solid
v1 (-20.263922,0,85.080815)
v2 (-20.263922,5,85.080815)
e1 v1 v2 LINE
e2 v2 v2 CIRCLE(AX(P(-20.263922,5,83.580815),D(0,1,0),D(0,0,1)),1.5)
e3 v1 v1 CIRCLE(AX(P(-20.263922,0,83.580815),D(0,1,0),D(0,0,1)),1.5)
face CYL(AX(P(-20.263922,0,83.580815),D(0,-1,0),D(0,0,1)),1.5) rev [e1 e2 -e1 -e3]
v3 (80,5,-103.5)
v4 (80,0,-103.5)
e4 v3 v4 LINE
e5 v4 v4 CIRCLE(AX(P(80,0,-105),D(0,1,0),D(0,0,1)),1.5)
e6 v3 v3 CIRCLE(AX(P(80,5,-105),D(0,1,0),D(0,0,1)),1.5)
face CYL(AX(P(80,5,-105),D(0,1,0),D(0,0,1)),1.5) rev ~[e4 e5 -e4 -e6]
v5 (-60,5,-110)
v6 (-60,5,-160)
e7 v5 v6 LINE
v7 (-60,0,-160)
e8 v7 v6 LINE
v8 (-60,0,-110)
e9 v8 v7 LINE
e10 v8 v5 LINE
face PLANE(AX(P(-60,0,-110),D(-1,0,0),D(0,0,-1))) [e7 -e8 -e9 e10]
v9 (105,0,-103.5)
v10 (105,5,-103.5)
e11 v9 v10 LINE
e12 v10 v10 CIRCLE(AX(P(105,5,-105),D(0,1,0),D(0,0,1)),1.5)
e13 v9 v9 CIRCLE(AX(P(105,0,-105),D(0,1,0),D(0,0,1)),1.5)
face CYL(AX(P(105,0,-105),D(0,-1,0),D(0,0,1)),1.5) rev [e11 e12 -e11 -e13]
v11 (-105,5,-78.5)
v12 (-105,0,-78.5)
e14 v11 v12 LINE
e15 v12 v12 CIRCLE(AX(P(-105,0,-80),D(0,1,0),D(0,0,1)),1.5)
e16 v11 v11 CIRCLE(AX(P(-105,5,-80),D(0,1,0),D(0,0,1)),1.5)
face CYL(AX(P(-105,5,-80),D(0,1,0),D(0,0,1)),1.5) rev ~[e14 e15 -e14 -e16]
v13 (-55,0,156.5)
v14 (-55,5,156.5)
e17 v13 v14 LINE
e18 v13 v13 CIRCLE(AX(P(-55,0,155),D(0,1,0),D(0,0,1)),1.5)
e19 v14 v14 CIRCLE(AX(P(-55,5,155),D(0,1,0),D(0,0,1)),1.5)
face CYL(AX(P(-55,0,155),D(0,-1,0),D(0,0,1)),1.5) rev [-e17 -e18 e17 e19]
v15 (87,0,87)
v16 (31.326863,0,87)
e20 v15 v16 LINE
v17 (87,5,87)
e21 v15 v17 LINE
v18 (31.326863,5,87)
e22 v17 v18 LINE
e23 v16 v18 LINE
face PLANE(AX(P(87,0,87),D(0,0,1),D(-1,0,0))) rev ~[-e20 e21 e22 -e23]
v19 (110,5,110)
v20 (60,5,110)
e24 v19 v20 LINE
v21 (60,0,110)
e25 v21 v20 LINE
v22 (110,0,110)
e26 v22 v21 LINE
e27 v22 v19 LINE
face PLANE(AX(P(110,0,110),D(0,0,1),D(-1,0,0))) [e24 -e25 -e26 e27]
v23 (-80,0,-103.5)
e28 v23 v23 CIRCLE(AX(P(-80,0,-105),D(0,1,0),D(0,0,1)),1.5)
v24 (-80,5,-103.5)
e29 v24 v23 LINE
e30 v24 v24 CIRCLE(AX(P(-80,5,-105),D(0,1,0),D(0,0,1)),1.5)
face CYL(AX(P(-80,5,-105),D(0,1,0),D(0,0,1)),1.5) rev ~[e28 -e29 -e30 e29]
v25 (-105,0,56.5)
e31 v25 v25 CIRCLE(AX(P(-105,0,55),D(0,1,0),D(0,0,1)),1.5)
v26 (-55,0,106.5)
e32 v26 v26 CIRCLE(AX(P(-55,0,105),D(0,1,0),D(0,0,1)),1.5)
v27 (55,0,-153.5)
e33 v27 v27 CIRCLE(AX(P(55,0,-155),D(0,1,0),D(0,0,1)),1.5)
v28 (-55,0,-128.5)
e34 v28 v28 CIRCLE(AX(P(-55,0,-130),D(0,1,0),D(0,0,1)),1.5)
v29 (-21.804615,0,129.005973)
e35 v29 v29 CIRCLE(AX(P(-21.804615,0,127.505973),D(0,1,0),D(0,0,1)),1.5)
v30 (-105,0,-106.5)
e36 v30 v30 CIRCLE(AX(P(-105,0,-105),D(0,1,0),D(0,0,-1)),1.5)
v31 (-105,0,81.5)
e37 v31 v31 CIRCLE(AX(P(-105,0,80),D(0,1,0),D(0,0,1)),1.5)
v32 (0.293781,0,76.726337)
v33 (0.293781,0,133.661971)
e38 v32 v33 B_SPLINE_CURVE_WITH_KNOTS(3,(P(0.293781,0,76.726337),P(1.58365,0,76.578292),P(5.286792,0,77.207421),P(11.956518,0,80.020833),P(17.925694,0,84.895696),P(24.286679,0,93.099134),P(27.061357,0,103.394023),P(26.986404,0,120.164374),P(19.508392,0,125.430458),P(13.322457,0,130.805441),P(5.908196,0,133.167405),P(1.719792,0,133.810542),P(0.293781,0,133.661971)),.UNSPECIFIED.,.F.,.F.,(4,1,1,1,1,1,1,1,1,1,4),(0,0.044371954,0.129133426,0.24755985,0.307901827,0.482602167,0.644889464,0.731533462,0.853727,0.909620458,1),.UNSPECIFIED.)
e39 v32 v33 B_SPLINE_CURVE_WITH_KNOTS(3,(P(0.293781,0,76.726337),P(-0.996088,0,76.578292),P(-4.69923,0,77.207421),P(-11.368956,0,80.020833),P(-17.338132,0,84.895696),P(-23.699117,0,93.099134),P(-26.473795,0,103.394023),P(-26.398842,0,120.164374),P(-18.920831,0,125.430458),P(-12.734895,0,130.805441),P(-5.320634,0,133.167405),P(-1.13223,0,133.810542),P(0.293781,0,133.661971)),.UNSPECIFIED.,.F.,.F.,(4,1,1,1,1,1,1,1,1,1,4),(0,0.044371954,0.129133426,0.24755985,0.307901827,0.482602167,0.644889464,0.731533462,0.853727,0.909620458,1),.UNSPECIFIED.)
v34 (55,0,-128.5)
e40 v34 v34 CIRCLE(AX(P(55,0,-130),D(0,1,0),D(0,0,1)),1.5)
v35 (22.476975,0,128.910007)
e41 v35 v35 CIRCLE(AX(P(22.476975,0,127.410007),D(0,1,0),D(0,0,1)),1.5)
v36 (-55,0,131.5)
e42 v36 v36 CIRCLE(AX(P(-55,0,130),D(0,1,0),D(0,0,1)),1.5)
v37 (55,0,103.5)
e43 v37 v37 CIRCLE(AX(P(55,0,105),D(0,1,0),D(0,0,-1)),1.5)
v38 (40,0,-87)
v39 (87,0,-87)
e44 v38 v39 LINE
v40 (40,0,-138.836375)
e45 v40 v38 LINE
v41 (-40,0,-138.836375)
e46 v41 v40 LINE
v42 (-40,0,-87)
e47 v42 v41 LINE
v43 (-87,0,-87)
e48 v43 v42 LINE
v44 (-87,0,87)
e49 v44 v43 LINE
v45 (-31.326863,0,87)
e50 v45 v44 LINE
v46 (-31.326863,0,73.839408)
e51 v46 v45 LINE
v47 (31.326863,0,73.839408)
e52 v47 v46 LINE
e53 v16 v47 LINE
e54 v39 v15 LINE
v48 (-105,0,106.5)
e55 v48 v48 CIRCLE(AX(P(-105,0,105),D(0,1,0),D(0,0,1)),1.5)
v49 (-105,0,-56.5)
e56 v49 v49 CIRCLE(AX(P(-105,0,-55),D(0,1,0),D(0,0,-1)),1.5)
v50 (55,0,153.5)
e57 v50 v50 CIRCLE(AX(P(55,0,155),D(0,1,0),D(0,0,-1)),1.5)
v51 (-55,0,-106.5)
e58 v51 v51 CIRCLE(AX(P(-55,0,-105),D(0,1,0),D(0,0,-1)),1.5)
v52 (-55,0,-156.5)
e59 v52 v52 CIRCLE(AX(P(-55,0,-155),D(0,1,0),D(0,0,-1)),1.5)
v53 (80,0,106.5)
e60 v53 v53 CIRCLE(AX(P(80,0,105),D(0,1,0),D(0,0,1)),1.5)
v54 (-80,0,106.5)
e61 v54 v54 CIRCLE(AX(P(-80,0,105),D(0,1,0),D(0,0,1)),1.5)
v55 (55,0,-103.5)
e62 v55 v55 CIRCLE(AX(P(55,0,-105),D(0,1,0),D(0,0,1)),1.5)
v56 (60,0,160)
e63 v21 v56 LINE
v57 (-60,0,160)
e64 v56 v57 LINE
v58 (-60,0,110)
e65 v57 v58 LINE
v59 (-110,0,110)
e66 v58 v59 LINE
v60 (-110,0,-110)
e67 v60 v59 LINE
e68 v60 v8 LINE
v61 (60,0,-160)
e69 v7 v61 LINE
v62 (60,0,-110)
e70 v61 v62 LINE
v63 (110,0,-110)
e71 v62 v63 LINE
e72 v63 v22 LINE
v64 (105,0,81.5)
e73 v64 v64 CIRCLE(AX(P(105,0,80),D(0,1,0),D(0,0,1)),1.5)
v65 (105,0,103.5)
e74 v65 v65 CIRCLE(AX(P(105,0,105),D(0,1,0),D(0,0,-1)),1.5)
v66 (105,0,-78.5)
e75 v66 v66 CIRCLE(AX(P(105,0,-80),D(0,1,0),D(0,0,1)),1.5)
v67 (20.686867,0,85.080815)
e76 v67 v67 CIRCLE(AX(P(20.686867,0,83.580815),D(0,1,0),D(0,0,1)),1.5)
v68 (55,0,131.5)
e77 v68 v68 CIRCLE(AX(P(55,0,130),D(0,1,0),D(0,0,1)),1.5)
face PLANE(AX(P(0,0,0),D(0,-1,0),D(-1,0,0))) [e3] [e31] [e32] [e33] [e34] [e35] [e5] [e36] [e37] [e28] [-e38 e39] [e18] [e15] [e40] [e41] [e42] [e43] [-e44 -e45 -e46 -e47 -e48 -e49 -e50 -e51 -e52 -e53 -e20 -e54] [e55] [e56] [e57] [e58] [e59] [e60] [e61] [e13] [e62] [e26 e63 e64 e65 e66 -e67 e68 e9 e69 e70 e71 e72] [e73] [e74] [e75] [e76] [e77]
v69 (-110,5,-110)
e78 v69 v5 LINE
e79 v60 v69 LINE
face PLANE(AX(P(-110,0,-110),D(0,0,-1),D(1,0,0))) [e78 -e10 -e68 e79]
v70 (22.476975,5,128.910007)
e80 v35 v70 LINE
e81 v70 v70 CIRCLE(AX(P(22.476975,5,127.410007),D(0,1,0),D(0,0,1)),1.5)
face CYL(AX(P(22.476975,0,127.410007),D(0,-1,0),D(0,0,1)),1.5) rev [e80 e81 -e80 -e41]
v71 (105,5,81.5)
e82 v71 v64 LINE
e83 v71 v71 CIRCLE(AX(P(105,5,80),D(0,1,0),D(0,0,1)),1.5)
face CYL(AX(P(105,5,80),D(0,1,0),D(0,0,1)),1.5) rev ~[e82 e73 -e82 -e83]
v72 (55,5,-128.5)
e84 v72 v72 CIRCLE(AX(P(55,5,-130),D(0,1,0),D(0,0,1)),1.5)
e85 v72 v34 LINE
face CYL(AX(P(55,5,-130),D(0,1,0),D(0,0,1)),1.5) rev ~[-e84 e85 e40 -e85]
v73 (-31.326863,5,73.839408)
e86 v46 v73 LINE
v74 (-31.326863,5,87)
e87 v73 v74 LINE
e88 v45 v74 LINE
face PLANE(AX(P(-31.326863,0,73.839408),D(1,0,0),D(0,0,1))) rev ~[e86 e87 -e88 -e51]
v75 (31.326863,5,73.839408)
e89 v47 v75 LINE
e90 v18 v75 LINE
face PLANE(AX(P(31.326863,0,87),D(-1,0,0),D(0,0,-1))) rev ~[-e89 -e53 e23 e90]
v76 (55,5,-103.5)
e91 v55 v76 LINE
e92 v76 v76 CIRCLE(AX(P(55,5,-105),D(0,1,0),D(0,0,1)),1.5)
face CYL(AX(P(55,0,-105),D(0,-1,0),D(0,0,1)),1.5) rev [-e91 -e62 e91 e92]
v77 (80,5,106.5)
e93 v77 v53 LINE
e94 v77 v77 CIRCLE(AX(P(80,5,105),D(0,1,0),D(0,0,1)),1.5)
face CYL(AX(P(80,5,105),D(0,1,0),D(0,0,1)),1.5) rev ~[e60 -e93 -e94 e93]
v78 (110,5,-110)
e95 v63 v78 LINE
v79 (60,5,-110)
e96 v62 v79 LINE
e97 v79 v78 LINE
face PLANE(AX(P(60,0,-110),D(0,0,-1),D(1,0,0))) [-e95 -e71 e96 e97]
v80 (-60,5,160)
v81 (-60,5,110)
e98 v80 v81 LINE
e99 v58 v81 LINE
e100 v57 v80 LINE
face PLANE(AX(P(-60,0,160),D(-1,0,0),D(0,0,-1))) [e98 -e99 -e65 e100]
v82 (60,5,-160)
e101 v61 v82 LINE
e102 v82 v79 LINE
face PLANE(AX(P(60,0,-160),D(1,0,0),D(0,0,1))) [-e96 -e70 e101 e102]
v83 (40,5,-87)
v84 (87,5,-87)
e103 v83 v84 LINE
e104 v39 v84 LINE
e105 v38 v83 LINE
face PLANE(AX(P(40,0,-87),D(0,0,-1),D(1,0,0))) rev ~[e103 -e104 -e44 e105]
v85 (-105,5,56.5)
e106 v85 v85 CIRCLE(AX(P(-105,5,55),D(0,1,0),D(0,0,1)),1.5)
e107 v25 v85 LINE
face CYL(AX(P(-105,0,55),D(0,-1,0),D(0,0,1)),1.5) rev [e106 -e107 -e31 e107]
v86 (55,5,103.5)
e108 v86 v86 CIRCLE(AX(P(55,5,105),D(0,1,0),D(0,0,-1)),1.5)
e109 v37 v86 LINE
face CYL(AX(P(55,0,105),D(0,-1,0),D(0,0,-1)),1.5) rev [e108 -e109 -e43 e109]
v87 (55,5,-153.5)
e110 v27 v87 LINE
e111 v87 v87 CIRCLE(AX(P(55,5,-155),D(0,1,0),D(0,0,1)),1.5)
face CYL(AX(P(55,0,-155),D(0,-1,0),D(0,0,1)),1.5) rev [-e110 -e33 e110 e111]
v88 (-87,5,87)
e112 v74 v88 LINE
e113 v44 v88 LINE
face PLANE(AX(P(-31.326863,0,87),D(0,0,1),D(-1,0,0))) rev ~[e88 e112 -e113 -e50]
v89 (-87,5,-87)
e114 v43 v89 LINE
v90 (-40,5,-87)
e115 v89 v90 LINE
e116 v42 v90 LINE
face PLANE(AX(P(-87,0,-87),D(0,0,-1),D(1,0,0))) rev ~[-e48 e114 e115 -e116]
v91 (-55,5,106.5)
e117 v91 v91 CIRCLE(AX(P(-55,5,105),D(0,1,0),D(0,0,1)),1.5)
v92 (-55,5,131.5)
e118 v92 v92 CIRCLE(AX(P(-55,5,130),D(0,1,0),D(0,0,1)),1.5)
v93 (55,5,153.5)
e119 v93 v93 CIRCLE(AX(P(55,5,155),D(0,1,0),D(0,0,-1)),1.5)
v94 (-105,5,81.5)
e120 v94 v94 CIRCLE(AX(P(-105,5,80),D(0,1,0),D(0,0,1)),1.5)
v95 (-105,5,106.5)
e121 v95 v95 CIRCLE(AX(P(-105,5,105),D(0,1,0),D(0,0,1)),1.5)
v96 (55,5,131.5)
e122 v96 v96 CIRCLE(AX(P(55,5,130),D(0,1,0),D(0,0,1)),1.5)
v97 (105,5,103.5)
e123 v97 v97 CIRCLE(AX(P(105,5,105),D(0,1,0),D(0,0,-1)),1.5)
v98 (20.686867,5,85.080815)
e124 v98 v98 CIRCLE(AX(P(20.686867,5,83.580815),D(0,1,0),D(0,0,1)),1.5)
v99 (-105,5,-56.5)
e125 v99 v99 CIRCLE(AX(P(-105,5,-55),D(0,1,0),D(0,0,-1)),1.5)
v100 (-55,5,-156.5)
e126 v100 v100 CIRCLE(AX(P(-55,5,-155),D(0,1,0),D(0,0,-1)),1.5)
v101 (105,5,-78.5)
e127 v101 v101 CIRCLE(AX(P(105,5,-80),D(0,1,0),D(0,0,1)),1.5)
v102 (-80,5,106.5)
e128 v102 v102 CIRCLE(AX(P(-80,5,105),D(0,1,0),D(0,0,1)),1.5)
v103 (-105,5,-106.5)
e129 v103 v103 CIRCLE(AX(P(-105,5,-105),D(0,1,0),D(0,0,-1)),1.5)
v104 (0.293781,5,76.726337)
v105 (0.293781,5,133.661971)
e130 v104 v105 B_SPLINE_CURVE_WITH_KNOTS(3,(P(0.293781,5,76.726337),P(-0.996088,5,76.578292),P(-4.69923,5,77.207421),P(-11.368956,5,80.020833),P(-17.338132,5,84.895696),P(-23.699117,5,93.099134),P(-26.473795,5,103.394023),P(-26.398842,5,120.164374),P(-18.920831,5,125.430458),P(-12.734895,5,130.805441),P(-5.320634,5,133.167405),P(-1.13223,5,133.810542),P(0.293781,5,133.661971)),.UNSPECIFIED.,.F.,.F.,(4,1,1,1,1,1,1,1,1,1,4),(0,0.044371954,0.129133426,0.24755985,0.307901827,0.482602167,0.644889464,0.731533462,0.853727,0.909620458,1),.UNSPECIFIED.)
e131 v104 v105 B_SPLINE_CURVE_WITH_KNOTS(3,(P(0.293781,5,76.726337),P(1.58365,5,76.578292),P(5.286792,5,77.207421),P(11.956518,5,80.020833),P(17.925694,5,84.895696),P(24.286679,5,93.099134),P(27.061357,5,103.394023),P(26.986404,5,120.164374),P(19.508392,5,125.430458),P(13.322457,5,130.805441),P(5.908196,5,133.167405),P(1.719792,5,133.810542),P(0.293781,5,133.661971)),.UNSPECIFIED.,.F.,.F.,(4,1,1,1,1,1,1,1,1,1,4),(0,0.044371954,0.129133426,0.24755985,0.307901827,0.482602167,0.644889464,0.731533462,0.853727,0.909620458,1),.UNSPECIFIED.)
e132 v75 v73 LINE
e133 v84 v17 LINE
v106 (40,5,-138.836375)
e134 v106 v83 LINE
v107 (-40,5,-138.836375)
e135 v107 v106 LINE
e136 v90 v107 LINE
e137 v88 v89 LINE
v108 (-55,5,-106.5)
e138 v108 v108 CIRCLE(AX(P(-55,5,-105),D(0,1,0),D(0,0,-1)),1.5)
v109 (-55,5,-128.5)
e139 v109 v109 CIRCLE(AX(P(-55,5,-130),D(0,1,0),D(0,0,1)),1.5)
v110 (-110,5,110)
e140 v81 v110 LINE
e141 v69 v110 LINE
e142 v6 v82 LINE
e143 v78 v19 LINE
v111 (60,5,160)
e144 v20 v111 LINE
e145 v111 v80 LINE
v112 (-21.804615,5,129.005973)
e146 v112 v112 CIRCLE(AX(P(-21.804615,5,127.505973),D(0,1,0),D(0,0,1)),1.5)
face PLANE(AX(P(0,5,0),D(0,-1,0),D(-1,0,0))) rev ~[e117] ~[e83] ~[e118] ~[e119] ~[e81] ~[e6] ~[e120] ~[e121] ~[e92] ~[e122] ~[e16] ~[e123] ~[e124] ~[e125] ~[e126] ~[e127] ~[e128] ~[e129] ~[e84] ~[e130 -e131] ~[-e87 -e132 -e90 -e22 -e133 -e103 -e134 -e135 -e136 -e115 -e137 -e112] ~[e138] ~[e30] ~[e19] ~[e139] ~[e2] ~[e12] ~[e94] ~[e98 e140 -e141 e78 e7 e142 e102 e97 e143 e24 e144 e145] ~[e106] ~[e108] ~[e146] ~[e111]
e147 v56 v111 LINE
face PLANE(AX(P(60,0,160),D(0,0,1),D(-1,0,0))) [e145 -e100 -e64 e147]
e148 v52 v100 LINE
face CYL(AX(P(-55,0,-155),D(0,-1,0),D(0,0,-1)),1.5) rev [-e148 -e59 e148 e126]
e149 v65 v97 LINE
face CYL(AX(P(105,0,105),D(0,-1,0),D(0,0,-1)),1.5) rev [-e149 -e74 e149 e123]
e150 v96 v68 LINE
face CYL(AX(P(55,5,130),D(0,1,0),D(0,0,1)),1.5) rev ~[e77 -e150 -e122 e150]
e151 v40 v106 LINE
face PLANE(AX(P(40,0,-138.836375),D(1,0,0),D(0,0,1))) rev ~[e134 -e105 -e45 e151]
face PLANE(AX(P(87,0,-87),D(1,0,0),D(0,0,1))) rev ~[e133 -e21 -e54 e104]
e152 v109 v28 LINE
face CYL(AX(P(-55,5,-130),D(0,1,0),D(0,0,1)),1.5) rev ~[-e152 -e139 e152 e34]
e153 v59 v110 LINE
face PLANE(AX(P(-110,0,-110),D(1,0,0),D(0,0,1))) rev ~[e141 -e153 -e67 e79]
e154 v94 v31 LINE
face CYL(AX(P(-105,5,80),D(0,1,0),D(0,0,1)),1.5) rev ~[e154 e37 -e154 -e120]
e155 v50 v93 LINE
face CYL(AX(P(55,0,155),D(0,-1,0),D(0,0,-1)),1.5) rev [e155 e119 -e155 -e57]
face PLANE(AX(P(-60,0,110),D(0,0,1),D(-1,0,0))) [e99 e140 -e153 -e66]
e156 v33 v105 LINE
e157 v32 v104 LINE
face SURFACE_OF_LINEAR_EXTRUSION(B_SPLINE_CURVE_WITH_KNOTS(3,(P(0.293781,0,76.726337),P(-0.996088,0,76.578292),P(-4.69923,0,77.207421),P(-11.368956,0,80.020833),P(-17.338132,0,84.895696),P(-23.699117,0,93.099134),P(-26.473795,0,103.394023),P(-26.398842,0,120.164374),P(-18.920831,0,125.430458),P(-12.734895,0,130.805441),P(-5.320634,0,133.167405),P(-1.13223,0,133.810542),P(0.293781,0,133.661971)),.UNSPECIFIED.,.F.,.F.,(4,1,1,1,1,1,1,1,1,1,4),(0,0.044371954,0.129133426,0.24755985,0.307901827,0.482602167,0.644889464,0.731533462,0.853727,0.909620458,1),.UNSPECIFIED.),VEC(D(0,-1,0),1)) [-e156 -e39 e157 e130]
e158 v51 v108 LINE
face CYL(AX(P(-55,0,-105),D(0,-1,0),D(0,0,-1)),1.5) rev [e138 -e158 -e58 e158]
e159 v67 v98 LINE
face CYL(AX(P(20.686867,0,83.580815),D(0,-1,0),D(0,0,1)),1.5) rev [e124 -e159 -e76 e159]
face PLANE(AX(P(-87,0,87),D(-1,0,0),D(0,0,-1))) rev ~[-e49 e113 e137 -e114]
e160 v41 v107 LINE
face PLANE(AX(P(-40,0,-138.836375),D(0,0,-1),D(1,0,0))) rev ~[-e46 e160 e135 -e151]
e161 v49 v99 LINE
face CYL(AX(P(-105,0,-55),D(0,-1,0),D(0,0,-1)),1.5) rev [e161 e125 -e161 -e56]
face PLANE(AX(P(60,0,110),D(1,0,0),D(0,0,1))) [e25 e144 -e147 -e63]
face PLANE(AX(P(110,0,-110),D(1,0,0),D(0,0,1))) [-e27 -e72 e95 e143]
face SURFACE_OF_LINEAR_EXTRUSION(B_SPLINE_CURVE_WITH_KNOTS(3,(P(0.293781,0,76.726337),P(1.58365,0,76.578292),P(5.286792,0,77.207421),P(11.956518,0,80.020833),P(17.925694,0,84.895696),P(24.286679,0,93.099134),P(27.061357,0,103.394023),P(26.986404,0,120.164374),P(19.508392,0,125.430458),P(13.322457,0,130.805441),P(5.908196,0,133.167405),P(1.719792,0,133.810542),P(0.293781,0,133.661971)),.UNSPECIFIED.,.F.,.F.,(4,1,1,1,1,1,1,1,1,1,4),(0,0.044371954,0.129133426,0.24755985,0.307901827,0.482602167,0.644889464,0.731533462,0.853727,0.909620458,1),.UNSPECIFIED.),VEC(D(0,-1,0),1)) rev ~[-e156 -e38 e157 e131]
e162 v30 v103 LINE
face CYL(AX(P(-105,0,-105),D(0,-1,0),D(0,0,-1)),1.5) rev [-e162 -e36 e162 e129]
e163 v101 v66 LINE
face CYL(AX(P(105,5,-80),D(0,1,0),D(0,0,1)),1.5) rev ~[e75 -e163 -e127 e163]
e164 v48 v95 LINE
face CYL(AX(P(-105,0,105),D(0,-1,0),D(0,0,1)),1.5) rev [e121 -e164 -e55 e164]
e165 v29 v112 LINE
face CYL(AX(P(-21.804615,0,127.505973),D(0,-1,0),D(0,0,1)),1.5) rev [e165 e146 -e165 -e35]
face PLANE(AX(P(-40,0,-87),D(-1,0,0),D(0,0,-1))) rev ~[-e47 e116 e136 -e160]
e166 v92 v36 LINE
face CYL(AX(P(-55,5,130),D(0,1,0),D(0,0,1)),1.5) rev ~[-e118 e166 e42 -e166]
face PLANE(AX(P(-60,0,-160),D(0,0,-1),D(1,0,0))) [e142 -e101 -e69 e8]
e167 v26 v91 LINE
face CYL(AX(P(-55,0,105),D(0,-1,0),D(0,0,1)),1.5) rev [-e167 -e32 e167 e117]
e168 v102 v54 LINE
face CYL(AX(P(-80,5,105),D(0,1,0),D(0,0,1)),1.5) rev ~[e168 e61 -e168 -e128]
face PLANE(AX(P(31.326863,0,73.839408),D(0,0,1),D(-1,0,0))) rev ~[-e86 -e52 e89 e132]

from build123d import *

# Parameters (mm, degrees)
ESQUISSE1_R             = 1.5
ESQUISSE1_R_2           = 1.499999995
ESQUISSE1_R_3           = 1.500000001
BOSS_EXTRU_1_DEPTH      = 5
ESQUISSE2_R             = 1.5
ENL_V_MAT_EXTRU_1_DEPTH = 5


with BuildPart() as part:
    # Esquisse1 → Boss.-Extru.1 (new body)
    with BuildSketch(Plane(origin=(0, 0, 0), x_dir=(1, 0, 0), z_dir=(0, 1, 0))):
        Polygon((-60, 110), (-60, 160), (60, 160), (60, 110), (110, 110), (110, -110), (60, -110), (60, -160), (-60, -160), (-60, -110), (-110, -110), (-110, 0), (-110, 110), align=None)
        with Locations(Location((-105, -105, 0), (0, 0, 270))):
            Circle(ESQUISSE1_R, mode=Mode.SUBTRACT)
        with Locations(Location((-105, -55, 0), (0, 0, 270))):
            Circle(ESQUISSE1_R, mode=Mode.SUBTRACT)
        with Locations(Location((-55, -105, 0), (0, 0, 270))):
            Circle(ESQUISSE1_R, mode=Mode.SUBTRACT)
        with Locations(Location((-55, -155, 0), (0, 0, 270))):
            Circle(ESQUISSE1_R, mode=Mode.SUBTRACT)
        with Locations(Location((-55, 155, 0), (0, 0, 90))):
            Circle(ESQUISSE1_R, mode=Mode.SUBTRACT)
        with Locations(Location((-55, 105, 0), (0, 0, 90))):
            Circle(ESQUISSE1_R, mode=Mode.SUBTRACT)
        with Locations(Location((-105, 105, 0), (0, 0, 90))):
            Circle(ESQUISSE1_R, mode=Mode.SUBTRACT)
        with Locations(Location((-105, 55, 0), (0, 0, 90))):
            Circle(ESQUISSE1_R, mode=Mode.SUBTRACT)
        with Locations(Location((55, -155, 0), (0, 0, 90))):
            Circle(ESQUISSE1_R, mode=Mode.SUBTRACT)
        with Locations(Location((55, -105, 0), (0, 0, 90))):
            Circle(ESQUISSE1_R, mode=Mode.SUBTRACT)
        with Locations(Location((105, -105, 0), (0, 0, 90))):
            Circle(ESQUISSE1_R, mode=Mode.SUBTRACT)
        with Locations(Location((105, 105, 0), (0, 0, 270))):
            Circle(ESQUISSE1_R, mode=Mode.SUBTRACT)
        with Locations(Location((55, 105, 0), (0, 0, 270))):
            Circle(ESQUISSE1_R, mode=Mode.SUBTRACT)
        with Locations(Location((55, 155, 0), (0, 0, 270))):
            Circle(ESQUISSE1_R, mode=Mode.SUBTRACT)
        with Locations(Location((-20.263921607, -83.580815365, 0), (0, 0, 270))):
            Circle(ESQUISSE1_R, mode=Mode.SUBTRACT)
        with Locations(Location((20.686866729, -83.580815365, 0), (0, 0, 270))):
            Circle(ESQUISSE1_R_2, mode=Mode.SUBTRACT)
        with Locations(Location((22.476974657, -127.410006662, 0), (0, 0, 270))):
            Circle(ESQUISSE1_R_3, mode=Mode.SUBTRACT)
        with Locations(Location((-21.804614529, -127.50597342, 0), (0, 0, 270))):
            Circle(ESQUISSE1_R, mode=Mode.SUBTRACT)
        Polygon((-40, 138.836374596), (40, 138.836374596), (40, 87), (87, 87), (87, -87), (31.326862642, -87), (31.326862642, -73.839408228), (-31.326862646, -73.839408228), (-31.326862646, -87), (-87, -87), (-87, 87), (-40, 87), align=None, mode=Mode.SUBTRACT)
        with BuildLine():
            add(Edge.make_bspline(
                [(0.293780888, -76.726336566), (-0.996088195, -76.578291907), (-4.699230167, -77.207421086), (-11.368955783, -80.020833344), (-17.338132033, -84.895696313), (-23.699116857, -93.09913388), (-26.473794847, -103.394022574), (-26.398842017, -120.164373886), (-18.920830658, -125.430457585), (-12.734895056, -130.805440699), (-5.32063418, -133.167404841), (-1.132230329, -133.810542206), (0.293780888, -133.661970747)],
                knots=[0, 0, 0, 0, 0.044371954, 0.129133426, 0.24755985, 0.307901827, 0.482602167, 0.644889464, 0.731533462, 0.853727, 0.909620458, 1, 1, 1, 1], degree=3))
            add(Edge.make_bspline(
                [(0.293780888, -76.726336566), (1.583649972, -76.578291907), (5.286791943, -77.207421086), (11.95651756, -80.020833344), (17.925693809, -84.895696313), (24.286678634, -93.09913388), (27.061356623, -103.394022574), (26.986403794, -120.164373886), (19.508392434, -125.430457585), (13.322456832, -130.805440699), (5.908195957, -133.167404841), (1.719792105, -133.810542206), (0.293780888, -133.661970747)],
                knots=[0, 0, 0, 0, 0.044371954, 0.129133426, 0.24755985, 0.307901827, 0.482602167, 0.644889464, 0.731533462, 0.853727, 0.909620458, 1, 1, 1, 1], degree=3))
        make_face(mode=Mode.SUBTRACT)
    extrude(amount=BOSS_EXTRU_1_DEPTH)

    # Esquisse2 → Enlèv. mat.-Extru.1 (cut)
    with BuildSketch(Plane(origin=(0, 5, 0), x_dir=(1, 0, 0), z_dir=(0, 1, 0))):
        with Locations(Location((-105, -80, 0), (0, 0, 270))):
            Circle(ESQUISSE2_R)
        with Locations(Location((-80, -105, 0), (0, 0, 270))):
            Circle(ESQUISSE2_R)
        with Locations(Location((-55, -130, 0), (0, 0, 270))):
            Circle(ESQUISSE2_R)
        with Locations(Location((55, -130, 0), (0, 0, 270))):
            Circle(ESQUISSE2_R)
        with Locations(Location((80, -105, 0), (0, 0, 270))):
            Circle(ESQUISSE2_R)
        with Locations(Location((105, -80, 0), (0, 0, 270))):
            Circle(ESQUISSE2_R)
        with Locations(Location((105, 80, 0), (0, 0, 270))):
            Circle(ESQUISSE2_R)
        with Locations(Location((80, 105, 0), (0, 0, 270))):
            Circle(ESQUISSE2_R)
        with Locations(Location((55, 130, 0), (0, 0, 270))):
            Circle(ESQUISSE2_R)
        with Locations(Location((-55, 130, 0), (0, 0, 270))):
            Circle(ESQUISSE2_R)
        with Locations(Location((-80, 105, 0), (0, 0, 270))):
            Circle(ESQUISSE2_R)
        with Locations(Location((-105, 80, 0), (0, 0, 270))):
            Circle(ESQUISSE2_R)
    extrude(amount=-ENL_V_MAT_EXTRU_1_DEPTH, mode=Mode.SUBTRACT)


solid = part.part
